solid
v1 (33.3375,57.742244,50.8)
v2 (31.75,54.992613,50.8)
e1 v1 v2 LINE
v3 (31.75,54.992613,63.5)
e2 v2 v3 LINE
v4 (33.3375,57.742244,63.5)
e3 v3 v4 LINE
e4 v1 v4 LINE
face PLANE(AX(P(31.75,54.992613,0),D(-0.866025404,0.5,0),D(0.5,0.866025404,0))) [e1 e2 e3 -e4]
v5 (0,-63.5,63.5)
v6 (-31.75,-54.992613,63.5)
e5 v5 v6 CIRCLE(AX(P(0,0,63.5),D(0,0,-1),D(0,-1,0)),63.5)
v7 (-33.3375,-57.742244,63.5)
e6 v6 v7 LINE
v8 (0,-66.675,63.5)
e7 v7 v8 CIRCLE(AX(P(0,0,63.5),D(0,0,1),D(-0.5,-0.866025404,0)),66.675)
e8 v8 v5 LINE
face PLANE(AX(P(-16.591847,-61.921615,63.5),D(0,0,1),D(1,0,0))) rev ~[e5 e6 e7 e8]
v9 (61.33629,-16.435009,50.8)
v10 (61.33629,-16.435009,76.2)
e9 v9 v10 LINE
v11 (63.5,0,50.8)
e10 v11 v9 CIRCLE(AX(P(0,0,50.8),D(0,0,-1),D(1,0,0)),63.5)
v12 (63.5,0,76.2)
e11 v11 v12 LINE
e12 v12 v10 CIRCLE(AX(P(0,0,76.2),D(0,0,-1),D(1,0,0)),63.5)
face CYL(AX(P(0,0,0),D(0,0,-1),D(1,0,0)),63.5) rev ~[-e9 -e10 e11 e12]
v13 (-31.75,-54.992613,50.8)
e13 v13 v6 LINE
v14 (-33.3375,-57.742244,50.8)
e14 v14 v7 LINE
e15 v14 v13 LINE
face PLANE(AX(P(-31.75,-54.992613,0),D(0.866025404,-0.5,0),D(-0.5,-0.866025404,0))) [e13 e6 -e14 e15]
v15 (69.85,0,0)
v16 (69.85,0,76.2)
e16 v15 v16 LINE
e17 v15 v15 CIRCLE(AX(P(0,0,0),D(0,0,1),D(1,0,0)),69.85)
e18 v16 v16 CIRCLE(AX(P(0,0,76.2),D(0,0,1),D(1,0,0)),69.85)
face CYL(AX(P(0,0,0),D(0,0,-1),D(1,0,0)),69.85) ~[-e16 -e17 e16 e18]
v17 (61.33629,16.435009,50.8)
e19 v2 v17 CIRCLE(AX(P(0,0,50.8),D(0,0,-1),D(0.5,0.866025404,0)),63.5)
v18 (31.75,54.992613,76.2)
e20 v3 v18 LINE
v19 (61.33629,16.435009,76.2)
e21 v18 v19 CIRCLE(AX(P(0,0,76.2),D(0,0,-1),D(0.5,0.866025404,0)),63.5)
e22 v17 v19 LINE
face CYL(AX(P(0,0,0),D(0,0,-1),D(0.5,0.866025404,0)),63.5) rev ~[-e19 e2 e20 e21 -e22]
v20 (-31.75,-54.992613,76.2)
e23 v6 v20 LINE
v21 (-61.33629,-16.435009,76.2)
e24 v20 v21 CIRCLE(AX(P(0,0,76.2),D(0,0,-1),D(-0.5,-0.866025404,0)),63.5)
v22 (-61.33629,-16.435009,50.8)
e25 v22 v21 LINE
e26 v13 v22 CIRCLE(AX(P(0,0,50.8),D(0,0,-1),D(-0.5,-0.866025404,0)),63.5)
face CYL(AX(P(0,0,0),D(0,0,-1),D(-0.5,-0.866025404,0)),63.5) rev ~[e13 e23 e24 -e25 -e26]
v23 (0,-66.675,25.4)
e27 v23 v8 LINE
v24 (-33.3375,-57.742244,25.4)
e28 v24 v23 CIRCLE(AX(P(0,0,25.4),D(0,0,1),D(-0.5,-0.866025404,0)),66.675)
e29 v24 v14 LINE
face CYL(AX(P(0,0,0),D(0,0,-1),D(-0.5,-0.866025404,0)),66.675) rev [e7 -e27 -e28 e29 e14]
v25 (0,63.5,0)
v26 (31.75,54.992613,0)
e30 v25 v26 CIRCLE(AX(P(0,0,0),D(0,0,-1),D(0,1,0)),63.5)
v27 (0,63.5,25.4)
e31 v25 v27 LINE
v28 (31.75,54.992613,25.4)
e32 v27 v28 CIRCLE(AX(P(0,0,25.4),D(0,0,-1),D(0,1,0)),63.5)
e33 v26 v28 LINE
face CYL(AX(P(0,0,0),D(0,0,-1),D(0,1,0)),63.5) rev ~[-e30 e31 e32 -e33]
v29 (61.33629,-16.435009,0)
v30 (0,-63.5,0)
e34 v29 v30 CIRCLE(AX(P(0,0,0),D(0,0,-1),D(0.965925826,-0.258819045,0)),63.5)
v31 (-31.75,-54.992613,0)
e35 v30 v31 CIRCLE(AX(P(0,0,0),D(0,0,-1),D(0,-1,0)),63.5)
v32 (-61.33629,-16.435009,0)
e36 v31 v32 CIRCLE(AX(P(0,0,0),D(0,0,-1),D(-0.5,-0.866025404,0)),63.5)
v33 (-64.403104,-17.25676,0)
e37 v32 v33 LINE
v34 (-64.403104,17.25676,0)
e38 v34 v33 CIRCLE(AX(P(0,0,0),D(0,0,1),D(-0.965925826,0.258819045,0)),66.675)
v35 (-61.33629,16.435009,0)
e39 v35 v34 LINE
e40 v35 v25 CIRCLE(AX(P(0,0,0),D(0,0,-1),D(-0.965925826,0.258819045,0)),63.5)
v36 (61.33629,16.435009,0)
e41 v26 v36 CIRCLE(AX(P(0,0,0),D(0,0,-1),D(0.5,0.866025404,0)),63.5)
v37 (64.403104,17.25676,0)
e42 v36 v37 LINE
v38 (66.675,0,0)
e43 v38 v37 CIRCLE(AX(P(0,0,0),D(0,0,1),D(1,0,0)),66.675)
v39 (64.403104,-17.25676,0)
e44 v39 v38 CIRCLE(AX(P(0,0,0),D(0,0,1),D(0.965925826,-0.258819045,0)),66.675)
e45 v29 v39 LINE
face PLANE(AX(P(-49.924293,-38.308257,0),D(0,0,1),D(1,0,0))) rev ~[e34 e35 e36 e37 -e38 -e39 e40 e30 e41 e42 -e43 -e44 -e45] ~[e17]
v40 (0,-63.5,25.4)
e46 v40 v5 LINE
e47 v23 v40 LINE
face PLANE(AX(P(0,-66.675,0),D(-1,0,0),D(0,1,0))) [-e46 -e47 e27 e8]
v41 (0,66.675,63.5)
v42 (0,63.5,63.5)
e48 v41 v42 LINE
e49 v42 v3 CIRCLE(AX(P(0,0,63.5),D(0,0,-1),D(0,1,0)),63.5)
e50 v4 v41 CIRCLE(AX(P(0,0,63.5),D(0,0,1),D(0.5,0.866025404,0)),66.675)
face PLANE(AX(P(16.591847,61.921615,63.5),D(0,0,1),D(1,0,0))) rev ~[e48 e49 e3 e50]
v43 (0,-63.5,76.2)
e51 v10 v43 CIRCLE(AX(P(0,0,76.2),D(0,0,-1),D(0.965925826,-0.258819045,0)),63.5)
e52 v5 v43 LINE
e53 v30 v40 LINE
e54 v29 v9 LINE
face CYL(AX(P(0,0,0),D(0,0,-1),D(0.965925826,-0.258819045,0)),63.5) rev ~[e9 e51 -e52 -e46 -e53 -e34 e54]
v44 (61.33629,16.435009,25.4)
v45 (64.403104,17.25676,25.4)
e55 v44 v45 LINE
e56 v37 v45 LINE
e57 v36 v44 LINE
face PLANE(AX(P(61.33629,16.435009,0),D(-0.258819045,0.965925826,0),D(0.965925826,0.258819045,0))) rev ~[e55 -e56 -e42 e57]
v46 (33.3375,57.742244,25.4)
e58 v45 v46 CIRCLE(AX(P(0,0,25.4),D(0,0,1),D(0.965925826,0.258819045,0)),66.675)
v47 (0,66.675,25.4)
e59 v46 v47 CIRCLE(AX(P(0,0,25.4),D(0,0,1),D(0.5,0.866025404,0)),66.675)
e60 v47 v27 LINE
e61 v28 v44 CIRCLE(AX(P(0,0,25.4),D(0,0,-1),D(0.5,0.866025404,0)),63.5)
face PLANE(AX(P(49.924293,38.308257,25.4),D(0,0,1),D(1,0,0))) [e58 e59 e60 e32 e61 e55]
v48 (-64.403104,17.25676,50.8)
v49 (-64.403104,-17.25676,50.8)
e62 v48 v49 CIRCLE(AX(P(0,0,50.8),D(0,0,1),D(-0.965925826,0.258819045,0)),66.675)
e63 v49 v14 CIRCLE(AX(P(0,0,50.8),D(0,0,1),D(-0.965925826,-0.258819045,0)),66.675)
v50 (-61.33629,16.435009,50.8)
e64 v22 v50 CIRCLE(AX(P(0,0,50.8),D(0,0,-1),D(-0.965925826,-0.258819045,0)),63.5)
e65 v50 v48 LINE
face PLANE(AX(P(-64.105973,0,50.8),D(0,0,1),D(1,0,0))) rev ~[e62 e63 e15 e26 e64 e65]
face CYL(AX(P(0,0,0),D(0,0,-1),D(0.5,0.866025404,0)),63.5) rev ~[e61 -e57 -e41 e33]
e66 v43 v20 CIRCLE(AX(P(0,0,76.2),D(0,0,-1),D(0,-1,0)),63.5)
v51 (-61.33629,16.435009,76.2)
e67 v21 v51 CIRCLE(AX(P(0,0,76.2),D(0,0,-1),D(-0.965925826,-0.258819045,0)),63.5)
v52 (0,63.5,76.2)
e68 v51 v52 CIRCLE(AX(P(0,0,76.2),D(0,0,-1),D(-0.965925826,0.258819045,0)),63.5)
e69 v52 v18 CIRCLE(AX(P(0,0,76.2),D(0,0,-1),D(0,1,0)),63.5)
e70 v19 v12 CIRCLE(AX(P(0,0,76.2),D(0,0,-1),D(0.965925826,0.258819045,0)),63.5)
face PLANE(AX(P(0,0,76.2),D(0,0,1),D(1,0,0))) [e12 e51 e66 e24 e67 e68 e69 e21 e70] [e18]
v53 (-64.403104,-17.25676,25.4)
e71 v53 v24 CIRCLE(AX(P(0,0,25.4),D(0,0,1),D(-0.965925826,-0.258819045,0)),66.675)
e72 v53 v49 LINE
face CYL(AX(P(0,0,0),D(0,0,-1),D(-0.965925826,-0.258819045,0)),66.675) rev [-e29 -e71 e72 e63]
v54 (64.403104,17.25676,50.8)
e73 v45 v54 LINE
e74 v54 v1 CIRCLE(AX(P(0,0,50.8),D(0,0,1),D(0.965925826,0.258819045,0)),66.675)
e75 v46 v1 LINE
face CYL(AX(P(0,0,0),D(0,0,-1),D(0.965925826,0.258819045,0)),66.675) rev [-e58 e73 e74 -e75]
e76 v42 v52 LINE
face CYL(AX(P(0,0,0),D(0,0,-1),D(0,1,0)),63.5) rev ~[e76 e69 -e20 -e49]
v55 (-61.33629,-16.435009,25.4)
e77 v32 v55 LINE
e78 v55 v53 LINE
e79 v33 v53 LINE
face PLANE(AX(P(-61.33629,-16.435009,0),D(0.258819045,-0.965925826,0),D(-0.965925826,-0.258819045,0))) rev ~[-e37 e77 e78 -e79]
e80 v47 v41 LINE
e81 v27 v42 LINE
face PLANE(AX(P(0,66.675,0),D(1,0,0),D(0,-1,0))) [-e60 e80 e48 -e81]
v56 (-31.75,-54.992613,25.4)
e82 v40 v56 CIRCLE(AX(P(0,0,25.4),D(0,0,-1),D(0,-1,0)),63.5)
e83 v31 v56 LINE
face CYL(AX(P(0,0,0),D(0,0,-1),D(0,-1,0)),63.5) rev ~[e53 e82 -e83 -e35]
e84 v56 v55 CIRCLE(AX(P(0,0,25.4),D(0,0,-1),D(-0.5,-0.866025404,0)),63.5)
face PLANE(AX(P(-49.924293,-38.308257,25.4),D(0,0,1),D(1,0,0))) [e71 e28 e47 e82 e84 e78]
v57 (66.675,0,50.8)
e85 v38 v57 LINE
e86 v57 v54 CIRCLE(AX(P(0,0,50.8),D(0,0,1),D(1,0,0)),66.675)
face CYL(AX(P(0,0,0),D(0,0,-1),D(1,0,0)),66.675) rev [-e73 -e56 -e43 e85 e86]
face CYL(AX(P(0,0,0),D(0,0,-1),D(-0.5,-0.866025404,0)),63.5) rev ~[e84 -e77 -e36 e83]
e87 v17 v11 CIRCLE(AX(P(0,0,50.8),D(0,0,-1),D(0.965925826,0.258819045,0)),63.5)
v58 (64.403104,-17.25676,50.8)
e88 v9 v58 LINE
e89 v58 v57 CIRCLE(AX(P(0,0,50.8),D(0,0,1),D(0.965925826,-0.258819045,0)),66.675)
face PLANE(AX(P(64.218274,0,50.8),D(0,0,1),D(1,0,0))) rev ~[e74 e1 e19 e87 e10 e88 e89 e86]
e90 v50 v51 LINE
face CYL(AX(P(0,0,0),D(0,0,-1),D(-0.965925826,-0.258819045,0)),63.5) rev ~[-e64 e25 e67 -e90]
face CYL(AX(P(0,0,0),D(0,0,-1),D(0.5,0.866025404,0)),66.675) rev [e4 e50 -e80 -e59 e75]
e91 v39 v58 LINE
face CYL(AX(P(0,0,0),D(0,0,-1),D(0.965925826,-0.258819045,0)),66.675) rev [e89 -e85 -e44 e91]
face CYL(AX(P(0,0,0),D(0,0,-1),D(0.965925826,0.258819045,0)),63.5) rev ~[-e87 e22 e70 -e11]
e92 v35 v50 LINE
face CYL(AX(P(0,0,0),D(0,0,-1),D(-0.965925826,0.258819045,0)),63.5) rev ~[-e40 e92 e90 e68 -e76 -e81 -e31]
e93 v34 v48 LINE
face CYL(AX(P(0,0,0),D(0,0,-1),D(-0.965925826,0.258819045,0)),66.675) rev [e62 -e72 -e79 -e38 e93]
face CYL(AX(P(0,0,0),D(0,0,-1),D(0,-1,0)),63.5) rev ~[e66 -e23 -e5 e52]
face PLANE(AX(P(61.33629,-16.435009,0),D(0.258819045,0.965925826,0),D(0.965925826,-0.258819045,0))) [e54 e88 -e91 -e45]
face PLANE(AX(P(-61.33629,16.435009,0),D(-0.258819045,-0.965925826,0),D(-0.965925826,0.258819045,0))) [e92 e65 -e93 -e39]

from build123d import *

# Parameters (mm, degrees)
F0_R     = 69.85
F1_DEPTH = 76.2
F2_DEPTH = 50.8
F3_DEPTH = 63.5
F4_DEPTH = 25.4


with BuildPart() as f1:
    # F0 (on Top) → F1 (new body)
    with BuildSketch(Plane.XY):
        Circle(F0_R)
        with BuildLine():
            ThreePointArc((33.3375, 57.7422437973), (52.8968339639, 40.5891682792), (64.4031044678, 17.2567598322))
            ThreePointArc((64.4031044678, 17.2567598322), (66.1045861321, 8.7028338663), (66.675, 0))
            ThreePointArc((66.675, 0), (66.1045861321, -8.7028338663), (64.4031044678, -17.2567598322))
            ThreePointArc((64.4031044678, -17.2567598322), (40.5891682792, -52.8968339639), (0, -66.675))
            ThreePointArc((0, -66.675), (-17.2567598322, -64.4031044678), (-33.3375, -57.7422437973))
            ThreePointArc((-33.3375, -57.7422437973), (-52.8968339639, -40.5891682792), (-64.4031044678, -17.2567598322))
            ThreePointArc((-64.4031044678, -17.2567598322), (-66.675, 0), (-64.4031044678, 17.2567598322))
            ThreePointArc((-64.4031044678, 17.2567598322), (-40.5891682792, 52.8968339639), (0, 66.675))
            ThreePointArc((0, 66.675), (17.2567598322, 64.4031044678), (33.3375, 57.7422437973))
        make_face(mode=Mode.SUBTRACT)
        with BuildLine():
            Line((-33.3375, -57.7422437973), (-31.75, -54.9926131403))
            ThreePointArc((-31.75, -54.9926131403), (-50.3779371085, -38.6563507421), (-61.3362899694, -16.435009364))
            Line((-61.3362899694, -16.435009364), (-64.4031044678, -17.2567598322))
            ThreePointArc((-64.4031044678, -17.2567598322), (-52.8968339639, -40.5891682792), (-33.3375, -57.7422437973))
        make_face()
        with BuildLine():
            ThreePointArc((-61.3362899694, 16.435009364), (-38.6563507421, 50.3779371085), (0, 63.5))
            Line((0, 63.5), (0, 66.675))
            ThreePointArc((0, 66.675), (-40.5891682792, 52.8968339639), (-64.4031044678, 17.2567598322))
            Line((-64.4031044678, 17.2567598322), (-61.3362899694, 16.435009364))
        make_face()
        with BuildLine():
            ThreePointArc((-61.3362899694, -16.435009364), (-63.5, 0), (-61.3362899694, 16.435009364))
            Line((-61.3362899694, 16.435009364), (-64.4031044678, 17.2567598322))
            ThreePointArc((-64.4031044678, 17.2567598322), (-66.675, 0), (-64.4031044678, -17.2567598322))
            Line((-64.4031044678, -17.2567598322), (-61.3362899694, -16.435009364))
        make_face()
        with BuildLine():
            ThreePointArc((61.3362899694, 16.435009364), (62.9567486972, 8.288413206), (63.5, 0))
            ThreePointArc((63.5, 0), (62.9567486972, -8.288413206), (61.3362899694, -16.435009364))
            Line((61.3362899694, -16.435009364), (64.4031044678, -17.2567598322))
            ThreePointArc((64.4031044678, -17.2567598322), (66.1045861321, -8.7028338663), (66.675, 0))
            ThreePointArc((66.675, 0), (66.1045861321, 8.7028338663), (64.4031044678, 17.2567598322))
            Line((64.4031044678, 17.2567598322), (61.3362899694, 16.435009364))
        make_face()
        with BuildLine():
            ThreePointArc((31.75, 54.9926131403), (50.3779371085, 38.6563507421), (61.3362899694, 16.435009364))
            Line((61.3362899694, 16.435009364), (64.4031044678, 17.2567598322))
            ThreePointArc((64.4031044678, 17.2567598322), (52.8968339639, 40.5891682792), (33.3375, 57.7422437973))
            Line((33.3375, 57.7422437973), (31.75, 54.9926131403))
        make_face()
        with BuildLine():
            Line((64.4031044678, -17.2567598322), (61.3362899694, -16.435009364))
            ThreePointArc((61.3362899694, -16.435009364), (38.6563507421, -50.3779371085), (0, -63.5))
            Line((0, -63.5), (0, -66.675))
            ThreePointArc((0, -66.675), (40.5891682792, -52.8968339639), (64.4031044678, -17.2567598322))
        make_face()
        with BuildLine():
            Line((0, -66.675), (0, -63.5))
            ThreePointArc((0, -63.5), (-16.435009364, -61.3362899694), (-31.75, -54.9926131403))
            Line((-31.75, -54.9926131403), (-33.3375, -57.7422437973))
            ThreePointArc((-33.3375, -57.7422437973), (-17.2567598322, -64.4031044678), (0, -66.675))
        make_face()
        with BuildLine():
            ThreePointArc((0, 63.5), (16.435009364, 61.3362899694), (31.75, 54.9926131403))
            Line((31.75, 54.9926131403), (33.3375, 57.7422437973))
            ThreePointArc((33.3375, 57.7422437973), (17.2567598322, 64.4031044678), (0, 66.675))
            Line((0, 66.675), (0, 63.5))
        make_face()
    extrude(amount=F1_DEPTH)

    # F0 (on Top) → F2 (cut)
    with BuildSketch(Plane.XY):
        with BuildLine():
            ThreePointArc((-61.3362899694, -16.435009364), (-63.5, 0), (-61.3362899694, 16.435009364))
            Line((-61.3362899694, 16.435009364), (-64.4031044678, 17.2567598322))
            ThreePointArc((-64.4031044678, 17.2567598322), (-66.675, 0), (-64.4031044678, -17.2567598322))
            Line((-64.4031044678, -17.2567598322), (-61.3362899694, -16.435009364))
        make_face()
        with BuildLine():
            ThreePointArc((61.3362899694, 16.435009364), (62.9567486972, 8.288413206), (63.5, 0))
            ThreePointArc((63.5, 0), (62.9567486972, -8.288413206), (61.3362899694, -16.435009364))
            Line((61.3362899694, -16.435009364), (64.4031044678, -17.2567598322))
            ThreePointArc((64.4031044678, -17.2567598322), (66.1045861321, -8.7028338663), (66.675, 0))
            ThreePointArc((66.675, 0), (66.1045861321, 8.7028338663), (64.4031044678, 17.2567598322))
            Line((64.4031044678, 17.2567598322), (61.3362899694, 16.435009364))
        make_face()
        with BuildLine():
            Line((-33.3375, -57.7422437973), (-31.75, -54.9926131403))
            ThreePointArc((-31.75, -54.9926131403), (-50.3779371085, -38.6563507421), (-61.3362899694, -16.435009364))
            Line((-61.3362899694, -16.435009364), (-64.4031044678, -17.2567598322))
            ThreePointArc((-64.4031044678, -17.2567598322), (-52.8968339639, -40.5891682792), (-33.3375, -57.7422437973))
        make_face()
        with BuildLine():
            ThreePointArc((31.75, 54.9926131403), (50.3779371085, 38.6563507421), (61.3362899694, 16.435009364))
            Line((61.3362899694, 16.435009364), (64.4031044678, 17.2567598322))
            ThreePointArc((64.4031044678, 17.2567598322), (52.8968339639, 40.5891682792), (33.3375, 57.7422437973))
            Line((33.3375, 57.7422437973), (31.75, 54.9926131403))
        make_face()
    extrude(amount=F2_DEPTH, mode=Mode.SUBTRACT)

    # F0 (on Top) → F3 (cut)
    with BuildSketch(Plane.XY):
        with BuildLine():
            Line((0, -66.675), (0, -63.5))
            ThreePointArc((0, -63.5), (-16.435009364, -61.3362899694), (-31.75, -54.9926131403))
            Line((-31.75, -54.9926131403), (-33.3375, -57.7422437973))
            ThreePointArc((-33.3375, -57.7422437973), (-17.2567598322, -64.4031044678), (0, -66.675))
        make_face()
        with BuildLine():
            ThreePointArc((0, 63.5), (16.435009364, 61.3362899694), (31.75, 54.9926131403))
            Line((31.75, 54.9926131403), (33.3375, 57.7422437973))
            ThreePointArc((33.3375, 57.7422437973), (17.2567598322, 64.4031044678), (0, 66.675))
            Line((0, 66.675), (0, 63.5))
        make_face()
    extrude(amount=F3_DEPTH, mode=Mode.SUBTRACT)

    # F0 (on Top) → F4 (join)
    with BuildSketch(Plane.XY):
        with BuildLine():
            Line((-33.3375, -57.7422437973), (-31.75, -54.9926131403))
            ThreePointArc((-31.75, -54.9926131403), (-50.3779371085, -38.6563507421), (-61.3362899694, -16.435009364))
            Line((-61.3362899694, -16.435009364), (-64.4031044678, -17.2567598322))
            ThreePointArc((-64.4031044678, -17.2567598322), (-52.8968339639, -40.5891682792), (-33.3375, -57.7422437973))
        make_face()
        with BuildLine():
            Line((0, -66.675), (0, -63.5))
            ThreePointArc((0, -63.5), (-16.435009364, -61.3362899694), (-31.75, -54.9926131403))
            Line((-31.75, -54.9926131403), (-33.3375, -57.7422437973))
            ThreePointArc((-33.3375, -57.7422437973), (-17.2567598322, -64.4031044678), (0, -66.675))
        make_face()
        with BuildLine():
            ThreePointArc((31.75, 54.9926131403), (50.3779371085, 38.6563507421), (61.3362899694, 16.435009364))
            Line((61.3362899694, 16.435009364), (64.4031044678, 17.2567598322))
            ThreePointArc((64.4031044678, 17.2567598322), (52.8968339639, 40.5891682792), (33.3375, 57.7422437973))
            Line((33.3375, 57.7422437973), (31.75, 54.9926131403))
        make_face()
        with BuildLine():
            ThreePointArc((0, 63.5), (16.435009364, 61.3362899694), (31.75, 54.9926131403))
            Line((31.75, 54.9926131403), (33.3375, 57.7422437973))
            ThreePointArc((33.3375, 57.7422437973), (17.2567598322, 64.4031044678), (0, 66.675))
            Line((0, 66.675), (0, 63.5))
        make_face()
    extrude(amount=F4_DEPTH)


solid = f1.part
